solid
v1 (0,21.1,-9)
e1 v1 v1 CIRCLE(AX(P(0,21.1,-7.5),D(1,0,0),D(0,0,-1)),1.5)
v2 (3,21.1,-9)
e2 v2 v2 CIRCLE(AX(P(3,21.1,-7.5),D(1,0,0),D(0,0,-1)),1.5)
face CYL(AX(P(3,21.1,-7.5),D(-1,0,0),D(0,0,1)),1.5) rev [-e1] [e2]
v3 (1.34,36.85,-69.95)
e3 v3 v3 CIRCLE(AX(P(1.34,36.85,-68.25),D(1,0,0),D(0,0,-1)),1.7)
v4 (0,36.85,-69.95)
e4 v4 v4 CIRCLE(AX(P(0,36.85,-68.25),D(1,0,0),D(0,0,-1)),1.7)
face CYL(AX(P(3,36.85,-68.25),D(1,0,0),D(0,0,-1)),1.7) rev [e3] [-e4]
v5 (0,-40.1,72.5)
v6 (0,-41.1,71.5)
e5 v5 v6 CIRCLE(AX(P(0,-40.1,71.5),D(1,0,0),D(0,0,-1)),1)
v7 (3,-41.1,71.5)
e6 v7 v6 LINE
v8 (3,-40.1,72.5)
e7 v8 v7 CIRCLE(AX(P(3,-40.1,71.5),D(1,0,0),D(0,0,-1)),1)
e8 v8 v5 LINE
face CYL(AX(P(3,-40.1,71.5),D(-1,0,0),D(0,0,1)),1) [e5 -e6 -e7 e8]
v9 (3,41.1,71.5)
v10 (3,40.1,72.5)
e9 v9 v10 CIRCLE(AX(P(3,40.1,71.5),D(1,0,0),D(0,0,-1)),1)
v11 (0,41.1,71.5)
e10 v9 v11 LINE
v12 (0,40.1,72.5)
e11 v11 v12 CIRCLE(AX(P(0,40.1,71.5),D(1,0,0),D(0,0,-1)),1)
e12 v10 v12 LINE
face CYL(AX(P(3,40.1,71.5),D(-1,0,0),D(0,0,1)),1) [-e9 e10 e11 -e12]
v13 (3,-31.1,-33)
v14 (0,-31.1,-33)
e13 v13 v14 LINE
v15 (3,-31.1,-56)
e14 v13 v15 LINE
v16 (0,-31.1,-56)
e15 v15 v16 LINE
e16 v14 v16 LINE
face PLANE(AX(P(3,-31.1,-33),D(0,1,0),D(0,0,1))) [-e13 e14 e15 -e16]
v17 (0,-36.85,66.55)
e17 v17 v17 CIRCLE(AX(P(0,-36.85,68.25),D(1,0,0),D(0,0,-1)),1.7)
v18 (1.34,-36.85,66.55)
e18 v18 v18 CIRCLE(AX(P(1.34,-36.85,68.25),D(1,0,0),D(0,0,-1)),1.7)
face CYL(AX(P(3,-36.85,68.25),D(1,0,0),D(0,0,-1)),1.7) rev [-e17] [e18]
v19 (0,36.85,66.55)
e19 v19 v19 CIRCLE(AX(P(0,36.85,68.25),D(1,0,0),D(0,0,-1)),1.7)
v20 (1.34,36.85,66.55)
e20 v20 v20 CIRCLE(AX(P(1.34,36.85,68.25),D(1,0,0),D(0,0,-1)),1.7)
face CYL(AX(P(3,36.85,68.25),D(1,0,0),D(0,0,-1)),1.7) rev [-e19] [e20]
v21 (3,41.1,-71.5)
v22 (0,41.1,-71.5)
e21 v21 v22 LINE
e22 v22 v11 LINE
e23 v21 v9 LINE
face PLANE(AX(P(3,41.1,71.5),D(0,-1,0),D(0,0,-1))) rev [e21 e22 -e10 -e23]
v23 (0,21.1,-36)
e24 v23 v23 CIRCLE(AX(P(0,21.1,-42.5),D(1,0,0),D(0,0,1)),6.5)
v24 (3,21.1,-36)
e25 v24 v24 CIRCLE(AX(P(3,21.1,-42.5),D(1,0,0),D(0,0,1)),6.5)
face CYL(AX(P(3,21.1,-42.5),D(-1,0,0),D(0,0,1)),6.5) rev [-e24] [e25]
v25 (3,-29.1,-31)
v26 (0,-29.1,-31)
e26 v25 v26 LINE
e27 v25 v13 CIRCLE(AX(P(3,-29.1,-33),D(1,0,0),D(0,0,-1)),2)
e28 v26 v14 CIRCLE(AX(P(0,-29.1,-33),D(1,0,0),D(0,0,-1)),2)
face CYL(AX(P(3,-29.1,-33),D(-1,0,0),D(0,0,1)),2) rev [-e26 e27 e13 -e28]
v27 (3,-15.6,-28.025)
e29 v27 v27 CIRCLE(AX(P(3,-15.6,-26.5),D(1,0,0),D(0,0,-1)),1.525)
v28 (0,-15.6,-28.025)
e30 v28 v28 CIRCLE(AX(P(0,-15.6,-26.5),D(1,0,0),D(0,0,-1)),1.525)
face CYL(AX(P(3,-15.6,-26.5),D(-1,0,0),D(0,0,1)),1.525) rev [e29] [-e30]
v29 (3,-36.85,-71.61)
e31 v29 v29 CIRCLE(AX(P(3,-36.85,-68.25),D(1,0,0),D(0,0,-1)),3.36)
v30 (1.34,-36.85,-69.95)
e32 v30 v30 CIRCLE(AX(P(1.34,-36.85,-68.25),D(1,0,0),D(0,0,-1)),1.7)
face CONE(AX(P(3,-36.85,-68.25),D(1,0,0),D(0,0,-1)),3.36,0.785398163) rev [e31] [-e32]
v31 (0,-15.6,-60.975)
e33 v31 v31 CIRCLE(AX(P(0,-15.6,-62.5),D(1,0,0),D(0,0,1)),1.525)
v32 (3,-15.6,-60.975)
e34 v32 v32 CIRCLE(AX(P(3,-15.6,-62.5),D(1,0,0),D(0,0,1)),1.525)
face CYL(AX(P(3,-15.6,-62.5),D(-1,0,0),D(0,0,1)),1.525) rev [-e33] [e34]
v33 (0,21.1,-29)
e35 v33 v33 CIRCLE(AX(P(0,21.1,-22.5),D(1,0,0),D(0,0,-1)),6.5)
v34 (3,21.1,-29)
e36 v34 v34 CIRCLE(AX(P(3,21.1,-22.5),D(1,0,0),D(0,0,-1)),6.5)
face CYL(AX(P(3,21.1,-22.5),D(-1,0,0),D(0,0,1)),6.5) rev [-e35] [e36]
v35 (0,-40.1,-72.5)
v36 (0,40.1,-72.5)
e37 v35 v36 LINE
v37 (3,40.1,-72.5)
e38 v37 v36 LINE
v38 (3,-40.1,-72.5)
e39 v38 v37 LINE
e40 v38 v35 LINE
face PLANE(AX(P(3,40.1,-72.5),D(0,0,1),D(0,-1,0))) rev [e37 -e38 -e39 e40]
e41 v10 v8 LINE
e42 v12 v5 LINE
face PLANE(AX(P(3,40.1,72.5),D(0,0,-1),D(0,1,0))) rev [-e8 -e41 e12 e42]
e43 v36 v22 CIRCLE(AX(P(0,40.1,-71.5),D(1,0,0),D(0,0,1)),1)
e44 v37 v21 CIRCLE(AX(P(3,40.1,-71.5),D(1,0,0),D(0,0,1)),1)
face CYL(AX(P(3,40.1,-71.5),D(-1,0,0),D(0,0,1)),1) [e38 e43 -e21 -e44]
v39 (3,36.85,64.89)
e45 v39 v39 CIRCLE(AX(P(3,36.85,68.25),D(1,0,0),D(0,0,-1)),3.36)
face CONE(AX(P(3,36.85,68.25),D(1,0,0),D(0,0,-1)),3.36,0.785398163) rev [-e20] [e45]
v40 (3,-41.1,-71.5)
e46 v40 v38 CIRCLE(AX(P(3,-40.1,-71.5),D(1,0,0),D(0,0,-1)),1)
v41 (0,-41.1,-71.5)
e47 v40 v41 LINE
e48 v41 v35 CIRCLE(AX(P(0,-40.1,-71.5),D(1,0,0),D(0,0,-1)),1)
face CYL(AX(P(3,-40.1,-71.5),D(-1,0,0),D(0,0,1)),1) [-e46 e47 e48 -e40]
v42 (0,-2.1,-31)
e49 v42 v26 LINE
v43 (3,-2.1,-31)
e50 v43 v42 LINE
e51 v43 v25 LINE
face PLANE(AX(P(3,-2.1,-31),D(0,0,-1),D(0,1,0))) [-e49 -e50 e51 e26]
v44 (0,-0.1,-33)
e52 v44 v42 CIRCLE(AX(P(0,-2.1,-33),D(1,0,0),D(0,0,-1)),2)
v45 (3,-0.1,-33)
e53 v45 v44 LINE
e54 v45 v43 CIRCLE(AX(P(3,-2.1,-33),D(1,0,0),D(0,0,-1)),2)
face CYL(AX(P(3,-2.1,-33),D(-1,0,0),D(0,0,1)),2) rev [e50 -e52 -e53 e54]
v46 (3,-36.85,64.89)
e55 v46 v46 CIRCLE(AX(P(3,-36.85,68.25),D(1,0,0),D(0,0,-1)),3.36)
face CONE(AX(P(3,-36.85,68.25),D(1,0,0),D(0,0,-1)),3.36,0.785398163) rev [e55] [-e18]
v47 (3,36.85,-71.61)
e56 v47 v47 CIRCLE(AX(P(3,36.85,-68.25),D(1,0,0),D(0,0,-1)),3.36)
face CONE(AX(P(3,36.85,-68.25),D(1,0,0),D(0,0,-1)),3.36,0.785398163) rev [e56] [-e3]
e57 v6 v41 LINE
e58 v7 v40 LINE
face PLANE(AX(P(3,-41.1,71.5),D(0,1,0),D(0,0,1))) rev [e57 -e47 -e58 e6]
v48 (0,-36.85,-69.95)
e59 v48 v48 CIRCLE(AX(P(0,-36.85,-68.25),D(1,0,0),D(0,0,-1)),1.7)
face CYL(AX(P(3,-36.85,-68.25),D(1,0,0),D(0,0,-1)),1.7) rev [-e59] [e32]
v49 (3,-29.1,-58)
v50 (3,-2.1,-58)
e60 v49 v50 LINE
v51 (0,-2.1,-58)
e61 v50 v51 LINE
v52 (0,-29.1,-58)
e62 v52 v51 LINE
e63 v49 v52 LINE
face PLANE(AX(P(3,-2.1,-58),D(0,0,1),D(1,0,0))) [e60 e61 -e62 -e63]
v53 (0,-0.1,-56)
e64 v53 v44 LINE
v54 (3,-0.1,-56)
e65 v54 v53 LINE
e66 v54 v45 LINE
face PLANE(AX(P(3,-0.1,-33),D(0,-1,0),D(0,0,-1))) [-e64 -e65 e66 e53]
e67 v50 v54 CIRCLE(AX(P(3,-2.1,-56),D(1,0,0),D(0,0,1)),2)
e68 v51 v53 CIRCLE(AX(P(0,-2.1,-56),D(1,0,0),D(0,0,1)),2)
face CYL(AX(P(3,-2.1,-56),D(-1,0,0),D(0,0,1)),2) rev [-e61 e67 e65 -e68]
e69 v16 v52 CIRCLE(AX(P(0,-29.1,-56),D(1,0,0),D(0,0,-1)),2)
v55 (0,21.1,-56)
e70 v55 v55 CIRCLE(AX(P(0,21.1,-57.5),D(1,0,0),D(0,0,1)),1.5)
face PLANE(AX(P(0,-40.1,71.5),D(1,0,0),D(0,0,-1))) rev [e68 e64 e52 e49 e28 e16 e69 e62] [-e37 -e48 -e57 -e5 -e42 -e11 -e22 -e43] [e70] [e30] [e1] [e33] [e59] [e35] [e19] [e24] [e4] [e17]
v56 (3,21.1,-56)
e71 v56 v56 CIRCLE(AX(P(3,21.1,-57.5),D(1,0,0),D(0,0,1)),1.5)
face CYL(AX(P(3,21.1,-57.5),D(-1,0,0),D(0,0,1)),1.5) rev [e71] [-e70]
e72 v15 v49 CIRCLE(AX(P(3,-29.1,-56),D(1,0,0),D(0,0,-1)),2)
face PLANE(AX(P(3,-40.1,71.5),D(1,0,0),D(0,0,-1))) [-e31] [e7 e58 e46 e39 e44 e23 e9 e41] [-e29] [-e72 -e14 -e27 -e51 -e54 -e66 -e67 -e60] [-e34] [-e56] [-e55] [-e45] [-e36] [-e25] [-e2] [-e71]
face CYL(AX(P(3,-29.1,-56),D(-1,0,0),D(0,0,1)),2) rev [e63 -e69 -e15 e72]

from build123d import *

# Parameters (mm, degrees)
SKETCH1_R                    = 1.525
SKETCH1_R_2                  = 6.5
SKETCH1_R_3                  = 1.5
BOSS_EXTRUDE1_DEPTH          = 3
CSK_FOR_M3_SFHCS1_AT_2_COUNT = 2
CSK_FOR_M3_SFHCS1_AT_2_PITCH = 136.5
CSK_FOR_M3_SFHCS1_AT_3_COUNT = 2
CSK_FOR_M3_SFHCS1_AT_3_PITCH = 155.125562046
CSK_FOR_M3_SFHCS1_AT_4_COUNT = 2
CSK_FOR_M3_SFHCS1_AT_4_PITCH = 73.7


with BuildPart() as part:
    # Sketch1 → Boss-Extrude1 (new body)
    with BuildSketch(Plane(origin=(0, 0, 0), x_dir=(0, 0, -1), z_dir=(1, 0, 0))):
        with BuildLine():
            Line((-71.5, 41.1), (71.5, 41.1))
            ThreePointArc((71.5, 41.1), (72.207106781, 40.807106781), (72.5, 40.1))
            Line((72.5, 40.1), (72.5, -40.1))
            ThreePointArc((72.5, -40.1), (72.207106781, -40.807106781), (71.5, -41.1))
            Line((71.5, -41.1), (-71.5, -41.1))
            ThreePointArc((-71.5, -41.1), (-72.207106781, -40.807106781), (-72.5, -40.1))
            Line((-72.5, -40.1), (-72.5, 40.1))
            ThreePointArc((-72.5, 40.1), (-72.207106781, 40.807106781), (-71.5, 41.1))
        make_face()
        with Locations((26.5, -15.6)):
            Circle(SKETCH1_R, mode=Mode.SUBTRACT)
        with Locations(Location((62.5, -15.6, 0), (0, 0, 180))):
            Circle(SKETCH1_R, mode=Mode.SUBTRACT)
        with Locations((22.5, 21.1)):
            Circle(SKETCH1_R_2, mode=Mode.SUBTRACT)
        with Locations((7.5, 21.1)):
            Circle(SKETCH1_R_3, mode=Mode.SUBTRACT)
        with Locations(Location((57.5, 21.1, 0), (0, 0, 180))):
            Circle(SKETCH1_R_3, mode=Mode.SUBTRACT)
        with Locations(Location((42.5, 21.1, 0), (0, 0, 180))):
            Circle(SKETCH1_R_2, mode=Mode.SUBTRACT)
        with BuildLine():
            Line((33, -0.1), (56, -0.1))
            ThreePointArc((56, -0.1), (57.414213562, -0.685786438), (58, -2.1))
            Line((58, -2.1), (58, -29.1))
            ThreePointArc((58, -29.1), (57.414213562, -30.514213562), (56, -31.1))
            Line((56, -31.1), (33, -31.1))
            ThreePointArc((33, -31.1), (31.585786438, -30.514213562), (31, -29.1))
            Line((31, -29.1), (31, -2.1))
            ThreePointArc((31, -2.1), (31.585786438, -0.685786438), (33, -0.1))
        make_face(mode=Mode.SUBTRACT)
    extrude(amount=BOSS_EXTRUDE1_DEPTH)

    # Sketch3 → CSK for M3 SFHCS1 (revolve, cut)
    with BuildSketch(Plane(origin=(3, 36.85, 68.25), x_dir=(0, 0, -1), z_dir=(0, 1, 0))):
        Polygon((0, 0), (0, 3), (1.7, 3), (1.7, 1.66), (3.36, 0), align=None)
    csk_for_m3_sfhcs1 = revolve(axis=Axis((9.35, 36.85, 68.25), (-1, 0, 0)), mode=Mode.SUBTRACT)

    # CSK for M3 SFHCS1 at 2: CSK for M3 SFHCS1 ×2
    with Locations(*[(0, 0, -i * CSK_FOR_M3_SFHCS1_AT_2_PITCH) for i in range(1, CSK_FOR_M3_SFHCS1_AT_2_COUNT)]):
        add(csk_for_m3_sfhcs1, mode=Mode.SUBTRACT)

    # CSK for M3 SFHCS1 at 3: CSK for M3 SFHCS1 ×2
    with Locations(*[Vector(0, -0.4750990038526292, -0.8799323477053447) * (i * CSK_FOR_M3_SFHCS1_AT_3_PITCH) for i in range(1, CSK_FOR_M3_SFHCS1_AT_3_COUNT)]):
        add(csk_for_m3_sfhcs1, mode=Mode.SUBTRACT)

    # CSK for M3 SFHCS1 at 4: CSK for M3 SFHCS1 ×2
    with Locations(*[(0, -i * CSK_FOR_M3_SFHCS1_AT_4_PITCH, 0) for i in range(1, CSK_FOR_M3_SFHCS1_AT_4_COUNT)]):
        add(csk_for_m3_sfhcs1, mode=Mode.SUBTRACT)


solid = part.part
